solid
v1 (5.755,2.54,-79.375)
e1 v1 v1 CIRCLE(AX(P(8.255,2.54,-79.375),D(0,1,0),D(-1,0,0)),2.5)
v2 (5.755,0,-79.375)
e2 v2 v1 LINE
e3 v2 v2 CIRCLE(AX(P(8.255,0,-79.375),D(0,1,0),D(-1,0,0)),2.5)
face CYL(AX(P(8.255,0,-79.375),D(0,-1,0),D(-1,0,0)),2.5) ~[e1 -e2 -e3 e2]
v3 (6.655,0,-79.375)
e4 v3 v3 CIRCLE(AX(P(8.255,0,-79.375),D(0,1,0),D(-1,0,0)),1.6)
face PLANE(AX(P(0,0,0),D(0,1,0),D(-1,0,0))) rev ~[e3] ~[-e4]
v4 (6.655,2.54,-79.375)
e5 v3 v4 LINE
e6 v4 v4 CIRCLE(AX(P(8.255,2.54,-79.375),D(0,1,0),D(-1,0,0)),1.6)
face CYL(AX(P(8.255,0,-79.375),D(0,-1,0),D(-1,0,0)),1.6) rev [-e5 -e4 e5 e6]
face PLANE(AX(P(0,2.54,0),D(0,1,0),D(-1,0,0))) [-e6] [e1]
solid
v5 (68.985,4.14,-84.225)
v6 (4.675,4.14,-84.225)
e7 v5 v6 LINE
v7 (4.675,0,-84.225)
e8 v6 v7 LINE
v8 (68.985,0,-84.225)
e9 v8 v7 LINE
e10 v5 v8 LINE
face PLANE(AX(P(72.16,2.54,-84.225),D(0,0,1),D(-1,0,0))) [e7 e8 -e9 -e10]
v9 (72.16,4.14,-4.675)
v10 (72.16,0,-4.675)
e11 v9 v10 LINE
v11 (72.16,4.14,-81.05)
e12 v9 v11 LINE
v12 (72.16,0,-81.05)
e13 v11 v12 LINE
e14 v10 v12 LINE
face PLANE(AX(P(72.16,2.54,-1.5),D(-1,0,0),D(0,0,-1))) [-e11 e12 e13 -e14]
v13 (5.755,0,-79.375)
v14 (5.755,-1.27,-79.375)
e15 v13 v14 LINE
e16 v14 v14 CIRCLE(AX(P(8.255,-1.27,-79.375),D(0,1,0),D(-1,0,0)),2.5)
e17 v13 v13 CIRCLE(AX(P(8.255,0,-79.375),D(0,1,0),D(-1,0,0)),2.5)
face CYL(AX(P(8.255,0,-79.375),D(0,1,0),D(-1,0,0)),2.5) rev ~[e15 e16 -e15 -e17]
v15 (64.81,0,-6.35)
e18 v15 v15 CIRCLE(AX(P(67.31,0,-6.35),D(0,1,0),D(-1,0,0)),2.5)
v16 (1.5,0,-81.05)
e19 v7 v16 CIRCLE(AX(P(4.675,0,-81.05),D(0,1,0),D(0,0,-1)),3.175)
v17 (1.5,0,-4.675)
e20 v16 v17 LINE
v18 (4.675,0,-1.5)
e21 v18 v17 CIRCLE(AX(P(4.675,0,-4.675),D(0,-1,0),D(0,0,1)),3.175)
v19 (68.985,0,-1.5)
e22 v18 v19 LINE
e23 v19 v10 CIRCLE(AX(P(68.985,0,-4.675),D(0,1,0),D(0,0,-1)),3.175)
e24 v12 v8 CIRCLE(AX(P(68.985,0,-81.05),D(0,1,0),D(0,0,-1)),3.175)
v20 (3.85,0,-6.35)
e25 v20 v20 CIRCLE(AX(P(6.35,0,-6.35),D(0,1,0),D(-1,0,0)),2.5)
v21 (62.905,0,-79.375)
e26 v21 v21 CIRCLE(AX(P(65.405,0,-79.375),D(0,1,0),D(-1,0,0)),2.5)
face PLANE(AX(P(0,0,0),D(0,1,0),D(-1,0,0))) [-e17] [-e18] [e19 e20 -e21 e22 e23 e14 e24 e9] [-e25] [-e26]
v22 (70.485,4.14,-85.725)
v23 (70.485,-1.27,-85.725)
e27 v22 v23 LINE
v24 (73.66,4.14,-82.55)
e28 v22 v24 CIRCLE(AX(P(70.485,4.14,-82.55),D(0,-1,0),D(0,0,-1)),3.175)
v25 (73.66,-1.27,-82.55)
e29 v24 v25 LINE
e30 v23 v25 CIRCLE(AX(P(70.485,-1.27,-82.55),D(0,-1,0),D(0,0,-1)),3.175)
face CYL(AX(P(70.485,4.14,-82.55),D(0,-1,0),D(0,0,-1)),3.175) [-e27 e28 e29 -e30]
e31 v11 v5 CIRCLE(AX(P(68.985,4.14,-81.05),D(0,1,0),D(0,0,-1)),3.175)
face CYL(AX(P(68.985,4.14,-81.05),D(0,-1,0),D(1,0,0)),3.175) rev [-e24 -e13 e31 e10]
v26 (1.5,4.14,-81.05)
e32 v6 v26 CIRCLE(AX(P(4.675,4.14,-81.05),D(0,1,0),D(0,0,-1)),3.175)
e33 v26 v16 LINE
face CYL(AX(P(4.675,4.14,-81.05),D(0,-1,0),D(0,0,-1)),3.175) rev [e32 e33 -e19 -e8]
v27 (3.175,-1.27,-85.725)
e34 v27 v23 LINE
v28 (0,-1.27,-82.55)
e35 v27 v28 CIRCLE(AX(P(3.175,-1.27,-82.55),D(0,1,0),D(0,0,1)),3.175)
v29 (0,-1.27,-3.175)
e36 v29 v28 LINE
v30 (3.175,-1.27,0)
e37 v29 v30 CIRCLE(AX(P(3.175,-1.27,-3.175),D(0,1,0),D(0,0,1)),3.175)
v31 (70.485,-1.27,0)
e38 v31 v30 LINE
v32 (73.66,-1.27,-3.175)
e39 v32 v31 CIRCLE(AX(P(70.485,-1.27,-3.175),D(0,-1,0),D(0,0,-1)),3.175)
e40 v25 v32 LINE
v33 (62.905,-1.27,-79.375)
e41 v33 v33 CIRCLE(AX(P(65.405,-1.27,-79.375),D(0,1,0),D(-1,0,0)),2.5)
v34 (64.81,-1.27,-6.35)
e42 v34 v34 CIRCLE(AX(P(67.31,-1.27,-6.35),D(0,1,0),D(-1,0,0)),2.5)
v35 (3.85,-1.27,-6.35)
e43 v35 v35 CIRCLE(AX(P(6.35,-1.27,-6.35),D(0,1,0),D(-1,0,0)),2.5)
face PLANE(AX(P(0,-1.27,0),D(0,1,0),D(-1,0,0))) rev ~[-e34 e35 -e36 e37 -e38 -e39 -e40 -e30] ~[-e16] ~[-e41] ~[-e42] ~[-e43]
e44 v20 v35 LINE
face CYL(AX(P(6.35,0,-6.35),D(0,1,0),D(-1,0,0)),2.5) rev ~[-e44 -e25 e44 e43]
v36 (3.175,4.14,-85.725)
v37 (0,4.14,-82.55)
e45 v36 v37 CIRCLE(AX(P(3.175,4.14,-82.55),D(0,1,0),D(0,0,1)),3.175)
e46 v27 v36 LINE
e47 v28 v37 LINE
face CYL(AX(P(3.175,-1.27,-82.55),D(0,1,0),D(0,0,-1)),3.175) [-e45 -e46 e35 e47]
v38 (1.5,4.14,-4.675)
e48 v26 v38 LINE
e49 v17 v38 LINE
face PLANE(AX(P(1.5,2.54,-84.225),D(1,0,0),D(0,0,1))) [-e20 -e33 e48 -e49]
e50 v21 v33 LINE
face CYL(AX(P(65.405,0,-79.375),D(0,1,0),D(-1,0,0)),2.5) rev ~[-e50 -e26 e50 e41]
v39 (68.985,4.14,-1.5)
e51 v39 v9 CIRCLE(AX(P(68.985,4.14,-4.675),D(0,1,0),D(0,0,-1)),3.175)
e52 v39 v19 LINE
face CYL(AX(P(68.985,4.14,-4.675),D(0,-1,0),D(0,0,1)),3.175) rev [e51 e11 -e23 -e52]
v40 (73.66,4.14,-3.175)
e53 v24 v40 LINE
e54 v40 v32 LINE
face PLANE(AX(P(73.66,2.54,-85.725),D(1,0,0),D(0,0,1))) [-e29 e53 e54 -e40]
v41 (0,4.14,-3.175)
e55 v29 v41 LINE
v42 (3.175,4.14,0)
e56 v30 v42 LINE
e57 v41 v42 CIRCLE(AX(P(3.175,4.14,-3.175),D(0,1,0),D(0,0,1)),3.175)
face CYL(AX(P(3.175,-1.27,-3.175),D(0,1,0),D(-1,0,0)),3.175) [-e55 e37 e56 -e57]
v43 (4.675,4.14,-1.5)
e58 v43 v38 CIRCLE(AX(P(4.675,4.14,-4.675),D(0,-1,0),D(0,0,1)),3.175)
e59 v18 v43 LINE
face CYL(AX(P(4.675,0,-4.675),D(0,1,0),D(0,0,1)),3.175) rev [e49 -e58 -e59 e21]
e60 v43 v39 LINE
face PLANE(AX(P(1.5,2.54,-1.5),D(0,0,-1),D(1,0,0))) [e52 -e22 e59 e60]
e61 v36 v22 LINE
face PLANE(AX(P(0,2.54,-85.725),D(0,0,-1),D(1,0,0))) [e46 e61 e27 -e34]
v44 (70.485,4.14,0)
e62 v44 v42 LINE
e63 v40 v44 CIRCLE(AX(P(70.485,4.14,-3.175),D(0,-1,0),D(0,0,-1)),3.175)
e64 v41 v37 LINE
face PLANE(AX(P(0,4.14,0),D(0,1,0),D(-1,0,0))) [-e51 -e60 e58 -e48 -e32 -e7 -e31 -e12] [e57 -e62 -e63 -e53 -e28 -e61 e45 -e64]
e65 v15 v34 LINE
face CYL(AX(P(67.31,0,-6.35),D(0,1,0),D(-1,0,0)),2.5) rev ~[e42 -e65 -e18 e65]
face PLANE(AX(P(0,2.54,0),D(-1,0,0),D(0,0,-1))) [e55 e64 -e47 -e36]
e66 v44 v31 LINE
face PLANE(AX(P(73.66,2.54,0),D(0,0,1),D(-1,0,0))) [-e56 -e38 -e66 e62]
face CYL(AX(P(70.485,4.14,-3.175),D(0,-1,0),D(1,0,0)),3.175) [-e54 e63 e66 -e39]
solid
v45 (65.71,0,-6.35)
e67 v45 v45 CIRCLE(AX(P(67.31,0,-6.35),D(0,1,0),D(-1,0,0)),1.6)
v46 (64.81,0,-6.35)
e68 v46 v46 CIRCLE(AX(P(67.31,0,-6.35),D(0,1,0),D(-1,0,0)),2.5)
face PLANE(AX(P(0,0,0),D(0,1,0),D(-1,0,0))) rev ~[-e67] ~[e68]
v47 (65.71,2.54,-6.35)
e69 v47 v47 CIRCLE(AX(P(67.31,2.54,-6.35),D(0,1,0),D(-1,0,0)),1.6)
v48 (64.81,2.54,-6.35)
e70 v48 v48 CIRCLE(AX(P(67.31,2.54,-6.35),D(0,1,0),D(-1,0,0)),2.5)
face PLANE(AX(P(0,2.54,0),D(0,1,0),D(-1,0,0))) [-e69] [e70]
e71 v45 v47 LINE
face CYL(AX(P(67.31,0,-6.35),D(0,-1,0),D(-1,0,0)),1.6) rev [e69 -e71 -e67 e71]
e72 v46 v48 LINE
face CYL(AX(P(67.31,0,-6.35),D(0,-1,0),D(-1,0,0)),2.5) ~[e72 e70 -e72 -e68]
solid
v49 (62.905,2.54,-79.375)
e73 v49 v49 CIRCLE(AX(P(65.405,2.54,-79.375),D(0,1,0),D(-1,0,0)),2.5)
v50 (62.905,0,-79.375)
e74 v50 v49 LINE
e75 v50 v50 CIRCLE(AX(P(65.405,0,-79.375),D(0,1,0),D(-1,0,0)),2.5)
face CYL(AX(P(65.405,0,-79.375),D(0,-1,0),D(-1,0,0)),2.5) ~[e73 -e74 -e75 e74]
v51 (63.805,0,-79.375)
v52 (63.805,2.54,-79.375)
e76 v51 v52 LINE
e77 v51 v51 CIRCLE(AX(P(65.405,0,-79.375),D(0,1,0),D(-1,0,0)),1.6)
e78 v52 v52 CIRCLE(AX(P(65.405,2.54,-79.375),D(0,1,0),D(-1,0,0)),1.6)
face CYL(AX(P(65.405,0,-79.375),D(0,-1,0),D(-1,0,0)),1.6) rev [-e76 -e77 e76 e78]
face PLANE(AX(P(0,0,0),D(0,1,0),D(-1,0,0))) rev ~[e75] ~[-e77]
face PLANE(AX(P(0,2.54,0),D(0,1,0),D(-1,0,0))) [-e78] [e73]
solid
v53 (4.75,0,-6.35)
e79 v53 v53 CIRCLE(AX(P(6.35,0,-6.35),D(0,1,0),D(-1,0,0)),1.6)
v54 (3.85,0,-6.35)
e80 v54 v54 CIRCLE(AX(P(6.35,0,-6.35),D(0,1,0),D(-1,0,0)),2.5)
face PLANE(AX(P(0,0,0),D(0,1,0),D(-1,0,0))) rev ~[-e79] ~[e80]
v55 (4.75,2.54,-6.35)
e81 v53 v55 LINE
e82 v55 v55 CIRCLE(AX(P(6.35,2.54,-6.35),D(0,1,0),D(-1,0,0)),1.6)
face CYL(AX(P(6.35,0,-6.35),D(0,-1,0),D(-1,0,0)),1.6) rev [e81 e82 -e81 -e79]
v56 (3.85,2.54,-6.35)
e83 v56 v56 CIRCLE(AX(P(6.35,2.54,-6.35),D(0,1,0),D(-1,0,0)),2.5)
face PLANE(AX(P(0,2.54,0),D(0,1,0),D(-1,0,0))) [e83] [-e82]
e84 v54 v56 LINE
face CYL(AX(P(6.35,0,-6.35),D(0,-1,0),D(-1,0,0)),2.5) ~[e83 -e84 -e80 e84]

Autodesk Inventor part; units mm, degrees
ref_plane "YZ Plane" through (0, 0, 0) normal (1, 0, 0) x (0, 1, 0)
ref_plane "XZ Plane" through (0, 0, 0) normal (0, 1, 0) x (-1, 0, 0)
ref_plane "XY Plane" through (0, 0, 0) normal (0, 0, 1) x (1, 0, 0)
sketch "Sketch1" plane through (0, 0, 0) normal (0, 1, 0) x (-1, 0, 0)
  line L0 (-2.54, -2.54) -> (-71.12, -2.54) construction
  line L1 (-71.12, -2.54) -> (-71.12, -83.185) construction
  line L2 (-71.12, -83.185) -> (-2.54, -83.185) construction
  line L3 (-2.54, -83.185) -> (-2.54, -2.54) construction
  circle A0 centre (-6.35, -6.35) radius 1.6
  circle A1 centre (-8.255, -79.375) radius 1.6
  circle A2 centre (-67.31, -6.35) radius 1.6
  circle A3 centre (-65.405, -79.375) radius 1.6
  line L4 (-8.255, -79.375) -> (-65.405, -79.375) construction
  line L5 (-6.35, -6.35) -> (-67.31, -6.35) construction
  line L6 (-6.35, -6.35) -> (-8.255, -79.375) construction
  line L7 (-67.31, -6.35) -> (-65.405, -79.375) construction
  line L8 (0, -85.725) -> (-73.66, -85.725)
  line L9 (-73.66, -85.725) -> (-73.66, 0)
  line L10 (-73.66, 0) -> (0, 0)
  line L11 (0, 0) -> (0, -85.725)
  line L12 (-2.54, -83.185) -> (0, -85.725) construction
  line L13 (-71.12, -83.185) -> (-73.66, -85.725) construction
  line L14 (-73.66, 0) -> (-71.12, -2.54) construction
  line L15 (0, 0) -> (-2.54, -2.54) construction
  line L16 (-1.5, -1.5) -> (-72.16, -1.5)
  line L17 (-72.16, -1.5) -> (-72.16, -84.225)
  line L18 (-72.16, -84.225) -> (-1.5, -84.225)
  line L19 (-1.5, -84.225) -> (-1.5, -1.5)
  circle A4 centre (-6.35, -6.35) radius 2.5
  circle A5 centre (-8.255, -79.375) radius 2.5
  circle A6 centre (-65.405, -79.375) radius 2.5
  circle A7 centre (-67.31, -6.35) radius 2.5
  dimension "d0" = 3.2
  dimension "d1" = 57.15
  dimension "d2" = 60.96
  dimension "d3" = 73.025
  dimension "d4" = 68.58
  dimension "d5" = 80.645
  dimension "d6" = 2.54
  dimension "d7" = 2.54
  dimension "d8" = 1.5
  dimension "d9" = 5
  dimension "d16" = 3.81
  dimension "d17" = 3.81
  dimension "d18" = 3.81
extrude "Extrusion1" add sketch "Sketch1" against normal blind 1.27 contours L8 L9 L10 L11 | L19 L18 L17 L16
extrude "Extrusion2" add sketch "Sketch1" along normal blind 2.54
extrude "Extrusion3" add sketch "Sketch1" along normal blind 1.6 from surface at 2.54 contours L8 L9 L10 L11
fillet "Fillet1" radius 3.175 8 edges at (0, 1.435, 0) (1.5, 2.07, -1.5) (1.5, 2.07, -84.225) (0, 1.435, -85.725) (72.16, 2.07, -84.225) (73.66, 1.435, -85.725) (72.16, 2.07, -1.5) (73.66, 1.435, 0)
properties part number "Buttom Part"
